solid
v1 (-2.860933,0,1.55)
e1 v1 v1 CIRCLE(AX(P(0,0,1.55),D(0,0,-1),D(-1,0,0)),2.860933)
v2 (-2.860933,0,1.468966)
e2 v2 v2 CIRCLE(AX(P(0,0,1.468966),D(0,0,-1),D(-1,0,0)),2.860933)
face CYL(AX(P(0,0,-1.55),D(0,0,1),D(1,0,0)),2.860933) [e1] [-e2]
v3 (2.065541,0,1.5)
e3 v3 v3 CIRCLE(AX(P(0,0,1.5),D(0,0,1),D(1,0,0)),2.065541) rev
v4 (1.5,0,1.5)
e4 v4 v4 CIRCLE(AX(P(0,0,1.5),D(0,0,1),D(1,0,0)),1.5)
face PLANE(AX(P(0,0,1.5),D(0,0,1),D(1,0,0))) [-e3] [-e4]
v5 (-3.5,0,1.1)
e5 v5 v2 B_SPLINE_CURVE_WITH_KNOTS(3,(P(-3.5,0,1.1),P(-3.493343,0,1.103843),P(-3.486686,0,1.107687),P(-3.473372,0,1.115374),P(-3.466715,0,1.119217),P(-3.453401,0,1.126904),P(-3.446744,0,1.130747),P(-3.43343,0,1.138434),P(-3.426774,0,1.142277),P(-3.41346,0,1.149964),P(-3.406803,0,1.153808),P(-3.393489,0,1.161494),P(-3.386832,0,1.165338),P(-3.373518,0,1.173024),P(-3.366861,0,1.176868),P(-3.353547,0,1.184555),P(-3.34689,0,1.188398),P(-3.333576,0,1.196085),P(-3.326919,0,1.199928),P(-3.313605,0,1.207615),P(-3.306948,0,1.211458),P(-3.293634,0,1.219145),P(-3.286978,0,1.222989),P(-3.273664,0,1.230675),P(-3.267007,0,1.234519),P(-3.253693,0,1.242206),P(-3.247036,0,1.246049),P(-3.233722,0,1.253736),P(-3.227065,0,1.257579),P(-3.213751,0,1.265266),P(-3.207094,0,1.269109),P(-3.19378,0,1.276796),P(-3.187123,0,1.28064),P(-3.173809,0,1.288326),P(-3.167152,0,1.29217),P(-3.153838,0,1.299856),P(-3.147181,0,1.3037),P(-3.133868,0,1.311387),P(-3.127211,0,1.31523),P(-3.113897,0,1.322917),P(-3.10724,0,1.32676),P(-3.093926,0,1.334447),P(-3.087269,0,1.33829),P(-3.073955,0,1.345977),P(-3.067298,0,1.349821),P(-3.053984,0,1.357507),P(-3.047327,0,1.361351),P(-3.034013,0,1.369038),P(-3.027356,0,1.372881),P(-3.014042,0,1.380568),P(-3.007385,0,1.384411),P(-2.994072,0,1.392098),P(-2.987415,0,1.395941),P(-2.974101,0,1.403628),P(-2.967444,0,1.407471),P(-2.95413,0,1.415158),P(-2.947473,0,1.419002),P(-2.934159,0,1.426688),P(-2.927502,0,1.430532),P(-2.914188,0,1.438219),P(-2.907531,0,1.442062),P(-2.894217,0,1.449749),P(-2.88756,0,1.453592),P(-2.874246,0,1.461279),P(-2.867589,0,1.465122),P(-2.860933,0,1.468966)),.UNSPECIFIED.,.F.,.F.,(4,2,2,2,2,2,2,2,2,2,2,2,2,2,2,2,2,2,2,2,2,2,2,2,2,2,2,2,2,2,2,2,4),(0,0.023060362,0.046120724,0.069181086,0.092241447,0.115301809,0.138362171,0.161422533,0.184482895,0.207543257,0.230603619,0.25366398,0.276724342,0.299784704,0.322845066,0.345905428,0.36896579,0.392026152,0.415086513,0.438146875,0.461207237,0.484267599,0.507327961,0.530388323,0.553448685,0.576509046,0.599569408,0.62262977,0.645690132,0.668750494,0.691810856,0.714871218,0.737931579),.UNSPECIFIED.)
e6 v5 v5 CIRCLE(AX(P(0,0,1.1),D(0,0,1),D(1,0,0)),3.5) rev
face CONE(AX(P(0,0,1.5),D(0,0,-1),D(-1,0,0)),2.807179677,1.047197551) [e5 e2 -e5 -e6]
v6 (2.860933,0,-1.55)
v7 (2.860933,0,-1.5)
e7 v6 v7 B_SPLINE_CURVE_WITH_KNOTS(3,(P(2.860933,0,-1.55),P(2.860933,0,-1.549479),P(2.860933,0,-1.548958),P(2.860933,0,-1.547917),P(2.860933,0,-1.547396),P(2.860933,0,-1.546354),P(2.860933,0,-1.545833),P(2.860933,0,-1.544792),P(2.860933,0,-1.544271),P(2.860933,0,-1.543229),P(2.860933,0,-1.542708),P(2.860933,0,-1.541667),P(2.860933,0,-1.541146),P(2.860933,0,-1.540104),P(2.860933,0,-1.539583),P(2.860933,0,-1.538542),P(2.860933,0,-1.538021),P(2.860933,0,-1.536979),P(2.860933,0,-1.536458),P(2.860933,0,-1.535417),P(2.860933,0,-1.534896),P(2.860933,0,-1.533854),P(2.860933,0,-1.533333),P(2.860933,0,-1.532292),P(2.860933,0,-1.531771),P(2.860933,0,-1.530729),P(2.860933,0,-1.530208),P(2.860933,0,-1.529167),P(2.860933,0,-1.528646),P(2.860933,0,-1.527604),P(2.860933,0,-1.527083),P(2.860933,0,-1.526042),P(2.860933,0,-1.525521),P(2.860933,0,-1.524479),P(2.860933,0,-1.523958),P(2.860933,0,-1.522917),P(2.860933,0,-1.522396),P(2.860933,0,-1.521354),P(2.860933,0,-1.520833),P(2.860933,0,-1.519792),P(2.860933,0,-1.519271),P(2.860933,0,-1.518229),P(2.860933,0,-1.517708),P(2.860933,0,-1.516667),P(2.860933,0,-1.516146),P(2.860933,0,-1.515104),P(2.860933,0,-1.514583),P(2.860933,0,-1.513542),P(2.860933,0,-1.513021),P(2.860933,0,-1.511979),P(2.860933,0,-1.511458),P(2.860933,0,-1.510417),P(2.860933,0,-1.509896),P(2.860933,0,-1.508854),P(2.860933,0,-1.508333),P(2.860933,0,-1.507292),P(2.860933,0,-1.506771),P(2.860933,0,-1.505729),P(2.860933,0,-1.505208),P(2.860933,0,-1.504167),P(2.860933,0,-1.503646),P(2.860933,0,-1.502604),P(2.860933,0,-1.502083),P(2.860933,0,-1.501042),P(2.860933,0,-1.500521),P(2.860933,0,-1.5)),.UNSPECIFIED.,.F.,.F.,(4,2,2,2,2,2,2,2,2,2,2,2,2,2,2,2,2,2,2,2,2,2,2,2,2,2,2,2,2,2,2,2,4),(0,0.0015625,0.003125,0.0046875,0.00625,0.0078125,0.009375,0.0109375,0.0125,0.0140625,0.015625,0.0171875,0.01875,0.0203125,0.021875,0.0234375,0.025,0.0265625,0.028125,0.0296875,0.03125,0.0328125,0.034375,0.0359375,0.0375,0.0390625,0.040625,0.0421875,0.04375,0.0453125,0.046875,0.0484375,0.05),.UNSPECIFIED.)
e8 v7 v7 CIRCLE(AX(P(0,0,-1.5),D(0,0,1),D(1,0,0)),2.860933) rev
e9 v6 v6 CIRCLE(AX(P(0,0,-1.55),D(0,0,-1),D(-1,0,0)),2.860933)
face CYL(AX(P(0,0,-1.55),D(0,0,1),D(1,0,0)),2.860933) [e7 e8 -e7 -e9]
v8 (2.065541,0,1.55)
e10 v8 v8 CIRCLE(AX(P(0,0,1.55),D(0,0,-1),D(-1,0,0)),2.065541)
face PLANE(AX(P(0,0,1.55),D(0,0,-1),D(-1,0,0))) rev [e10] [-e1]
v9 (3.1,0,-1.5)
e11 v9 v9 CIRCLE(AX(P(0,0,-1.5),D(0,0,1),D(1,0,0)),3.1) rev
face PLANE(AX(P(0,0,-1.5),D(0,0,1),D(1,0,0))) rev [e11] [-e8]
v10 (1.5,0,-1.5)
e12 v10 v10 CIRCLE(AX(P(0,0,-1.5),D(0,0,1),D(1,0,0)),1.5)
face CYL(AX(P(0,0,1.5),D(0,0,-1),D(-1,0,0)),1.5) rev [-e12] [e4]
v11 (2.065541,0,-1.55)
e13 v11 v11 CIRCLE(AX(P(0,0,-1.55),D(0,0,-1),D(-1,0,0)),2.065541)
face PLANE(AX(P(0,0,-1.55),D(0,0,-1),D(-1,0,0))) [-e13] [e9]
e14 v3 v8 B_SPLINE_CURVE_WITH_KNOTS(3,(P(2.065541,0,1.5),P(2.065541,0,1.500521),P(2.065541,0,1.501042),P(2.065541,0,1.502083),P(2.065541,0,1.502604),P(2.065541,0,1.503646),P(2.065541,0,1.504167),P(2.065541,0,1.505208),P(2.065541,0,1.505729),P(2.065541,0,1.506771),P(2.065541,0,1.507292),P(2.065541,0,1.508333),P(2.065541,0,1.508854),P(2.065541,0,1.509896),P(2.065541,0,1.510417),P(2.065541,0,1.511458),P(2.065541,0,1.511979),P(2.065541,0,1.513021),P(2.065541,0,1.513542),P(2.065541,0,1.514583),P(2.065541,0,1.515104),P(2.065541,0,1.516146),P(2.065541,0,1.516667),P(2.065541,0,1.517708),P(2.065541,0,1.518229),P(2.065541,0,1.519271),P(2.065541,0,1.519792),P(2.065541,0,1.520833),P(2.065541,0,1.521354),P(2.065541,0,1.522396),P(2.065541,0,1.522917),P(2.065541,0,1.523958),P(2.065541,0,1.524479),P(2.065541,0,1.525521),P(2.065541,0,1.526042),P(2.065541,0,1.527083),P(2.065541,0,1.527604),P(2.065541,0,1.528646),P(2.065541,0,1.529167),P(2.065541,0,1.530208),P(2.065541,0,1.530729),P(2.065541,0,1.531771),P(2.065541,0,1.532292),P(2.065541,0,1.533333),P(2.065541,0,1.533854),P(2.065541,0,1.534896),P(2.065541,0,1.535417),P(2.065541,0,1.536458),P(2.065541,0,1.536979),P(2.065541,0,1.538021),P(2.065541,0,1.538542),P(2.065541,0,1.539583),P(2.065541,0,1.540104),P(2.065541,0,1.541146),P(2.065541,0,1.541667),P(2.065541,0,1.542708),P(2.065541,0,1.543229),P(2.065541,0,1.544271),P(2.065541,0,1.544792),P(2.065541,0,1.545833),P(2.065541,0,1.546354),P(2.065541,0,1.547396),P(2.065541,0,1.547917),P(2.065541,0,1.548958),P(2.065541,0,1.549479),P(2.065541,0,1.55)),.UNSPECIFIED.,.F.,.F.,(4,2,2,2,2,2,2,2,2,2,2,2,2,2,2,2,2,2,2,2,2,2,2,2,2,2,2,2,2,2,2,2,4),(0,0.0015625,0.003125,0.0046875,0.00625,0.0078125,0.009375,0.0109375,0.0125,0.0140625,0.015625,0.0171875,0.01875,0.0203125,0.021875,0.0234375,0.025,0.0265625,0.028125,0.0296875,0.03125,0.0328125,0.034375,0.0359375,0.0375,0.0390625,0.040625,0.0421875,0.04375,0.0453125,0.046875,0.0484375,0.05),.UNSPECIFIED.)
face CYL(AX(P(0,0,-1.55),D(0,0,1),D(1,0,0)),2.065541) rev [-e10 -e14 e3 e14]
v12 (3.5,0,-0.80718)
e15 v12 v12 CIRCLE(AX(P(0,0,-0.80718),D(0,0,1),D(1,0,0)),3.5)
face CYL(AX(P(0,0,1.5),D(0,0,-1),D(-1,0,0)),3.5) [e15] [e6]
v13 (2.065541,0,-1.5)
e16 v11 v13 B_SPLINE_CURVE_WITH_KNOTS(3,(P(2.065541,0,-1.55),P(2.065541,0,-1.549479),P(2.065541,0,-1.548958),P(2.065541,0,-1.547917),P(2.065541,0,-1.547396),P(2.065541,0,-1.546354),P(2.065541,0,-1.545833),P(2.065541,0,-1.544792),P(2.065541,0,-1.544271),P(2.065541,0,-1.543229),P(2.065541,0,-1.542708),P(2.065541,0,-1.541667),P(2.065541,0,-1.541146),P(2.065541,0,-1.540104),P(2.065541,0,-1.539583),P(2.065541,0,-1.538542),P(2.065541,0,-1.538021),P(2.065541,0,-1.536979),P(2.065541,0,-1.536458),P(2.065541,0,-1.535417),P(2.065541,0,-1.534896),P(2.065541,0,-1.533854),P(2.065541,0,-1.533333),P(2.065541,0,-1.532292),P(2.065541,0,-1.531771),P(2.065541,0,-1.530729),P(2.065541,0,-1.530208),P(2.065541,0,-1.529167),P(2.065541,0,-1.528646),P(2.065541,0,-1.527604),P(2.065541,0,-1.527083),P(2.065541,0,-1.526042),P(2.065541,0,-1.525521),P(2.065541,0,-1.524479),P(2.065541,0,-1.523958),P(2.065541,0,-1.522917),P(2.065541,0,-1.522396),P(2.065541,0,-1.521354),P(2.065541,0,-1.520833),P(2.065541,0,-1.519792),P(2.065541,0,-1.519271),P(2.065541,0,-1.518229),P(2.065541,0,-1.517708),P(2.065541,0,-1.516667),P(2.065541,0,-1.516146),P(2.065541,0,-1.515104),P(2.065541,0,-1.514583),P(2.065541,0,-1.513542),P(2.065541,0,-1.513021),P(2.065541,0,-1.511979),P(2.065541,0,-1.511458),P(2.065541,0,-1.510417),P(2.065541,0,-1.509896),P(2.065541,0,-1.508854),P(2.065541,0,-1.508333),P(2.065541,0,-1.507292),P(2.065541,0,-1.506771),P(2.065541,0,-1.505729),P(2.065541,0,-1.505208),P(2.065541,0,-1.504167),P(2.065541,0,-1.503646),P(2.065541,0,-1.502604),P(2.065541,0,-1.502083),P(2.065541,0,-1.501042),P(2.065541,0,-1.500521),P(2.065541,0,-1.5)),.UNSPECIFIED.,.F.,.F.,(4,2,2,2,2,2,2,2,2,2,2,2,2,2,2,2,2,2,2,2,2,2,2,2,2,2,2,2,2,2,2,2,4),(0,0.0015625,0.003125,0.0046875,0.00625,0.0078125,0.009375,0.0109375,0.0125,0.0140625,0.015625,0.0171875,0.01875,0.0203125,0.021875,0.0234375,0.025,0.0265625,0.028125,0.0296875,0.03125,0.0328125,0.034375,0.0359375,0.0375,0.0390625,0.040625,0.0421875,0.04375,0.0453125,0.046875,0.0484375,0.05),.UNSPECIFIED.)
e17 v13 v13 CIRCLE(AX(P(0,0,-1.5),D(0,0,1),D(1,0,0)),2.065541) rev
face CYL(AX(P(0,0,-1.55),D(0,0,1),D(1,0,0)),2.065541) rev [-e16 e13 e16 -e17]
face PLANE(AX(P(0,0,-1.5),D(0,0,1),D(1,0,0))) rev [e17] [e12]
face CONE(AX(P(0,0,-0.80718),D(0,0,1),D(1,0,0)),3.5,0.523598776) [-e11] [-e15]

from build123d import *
from OCP.BRepFilletAPI import BRepFilletAPI_MakeChamfer

# Parameters (mm, degrees)
CROQUIS1_R              = 3.5
CROQUIS1_R_2            = 1.5
SALIENTE_EXTRUIR1_DEPTH = 1.5
CHAFL_N1_SIZE           = 0.4
CHAFL_N1_SIZE2          = 0.692820323
CROQUIS2_R              = 2.860932506
CROQUIS2_R_2            = 2.065541469
SALIENTE_EXTRUIR2_DEPTH = 1.55


with BuildPart() as part:
    # Croquis1 → Saliente-Extruir1 (new, symmetric)
    with BuildSketch(Plane.XY):
        Circle(CROQUIS1_R)
        Circle(CROQUIS1_R_2, mode=Mode.SUBTRACT)
    extrude(amount=SALIENTE_EXTRUIR1_DEPTH, both=True)

    # Chaflán1: one chamfer whose edges measure the first distance from different faces: ONE call of the kernel's chamfer builder (chamfer() names one face for all edges)
    chafl_n1_edges_1 = [part.edges().sort_by_distance(p)[0] for p in [
        (-3.5, 0, -1.5),
    ]]
    chafl_n1_side_1 = [part.faces().sort_by_distance(p)[0] for p in [
        (-3.401005051, 0, -1.5),
    ]]
    chafl_n1_edges_2 = [part.edges().sort_by_distance(p)[0] for p in [
        (-3.5, 0, 1.5),
    ]]
    chafl_n1_side_2 = [part.faces().sort_by_distance(p)[0] for p in [
        (-3.5, 0, 0),
    ]]
    chafl_n1 = BRepFilletAPI_MakeChamfer(part.part.solid().wrapped)
    for e in chafl_n1_edges_1:
        chafl_n1.Add(CHAFL_N1_SIZE, CHAFL_N1_SIZE2, e.wrapped, chafl_n1_side_1[0].wrapped)  # the first distance lies on this face
    for e in chafl_n1_edges_2:
        chafl_n1.Add(CHAFL_N1_SIZE, CHAFL_N1_SIZE2, e.wrapped, chafl_n1_side_2[0].wrapped)  # the first distance lies on this face
    add(Compound.cast(chafl_n1.Shape()), mode=Mode.REPLACE)

    # Croquis2 → Saliente-Extruir2 (add, symmetric)
    with BuildSketch(Plane(origin=(0, 0, 0), x_dir=(-1, 0, 0), z_dir=(0, 0, -1))):
        Circle(CROQUIS2_R)
        with Locations(Location((0, 0, 0), (0, 0, 180))):
            Circle(CROQUIS2_R_2, mode=Mode.SUBTRACT)
    extrude(amount=SALIENTE_EXTRUIR2_DEPTH, both=True)


solid = part.part
